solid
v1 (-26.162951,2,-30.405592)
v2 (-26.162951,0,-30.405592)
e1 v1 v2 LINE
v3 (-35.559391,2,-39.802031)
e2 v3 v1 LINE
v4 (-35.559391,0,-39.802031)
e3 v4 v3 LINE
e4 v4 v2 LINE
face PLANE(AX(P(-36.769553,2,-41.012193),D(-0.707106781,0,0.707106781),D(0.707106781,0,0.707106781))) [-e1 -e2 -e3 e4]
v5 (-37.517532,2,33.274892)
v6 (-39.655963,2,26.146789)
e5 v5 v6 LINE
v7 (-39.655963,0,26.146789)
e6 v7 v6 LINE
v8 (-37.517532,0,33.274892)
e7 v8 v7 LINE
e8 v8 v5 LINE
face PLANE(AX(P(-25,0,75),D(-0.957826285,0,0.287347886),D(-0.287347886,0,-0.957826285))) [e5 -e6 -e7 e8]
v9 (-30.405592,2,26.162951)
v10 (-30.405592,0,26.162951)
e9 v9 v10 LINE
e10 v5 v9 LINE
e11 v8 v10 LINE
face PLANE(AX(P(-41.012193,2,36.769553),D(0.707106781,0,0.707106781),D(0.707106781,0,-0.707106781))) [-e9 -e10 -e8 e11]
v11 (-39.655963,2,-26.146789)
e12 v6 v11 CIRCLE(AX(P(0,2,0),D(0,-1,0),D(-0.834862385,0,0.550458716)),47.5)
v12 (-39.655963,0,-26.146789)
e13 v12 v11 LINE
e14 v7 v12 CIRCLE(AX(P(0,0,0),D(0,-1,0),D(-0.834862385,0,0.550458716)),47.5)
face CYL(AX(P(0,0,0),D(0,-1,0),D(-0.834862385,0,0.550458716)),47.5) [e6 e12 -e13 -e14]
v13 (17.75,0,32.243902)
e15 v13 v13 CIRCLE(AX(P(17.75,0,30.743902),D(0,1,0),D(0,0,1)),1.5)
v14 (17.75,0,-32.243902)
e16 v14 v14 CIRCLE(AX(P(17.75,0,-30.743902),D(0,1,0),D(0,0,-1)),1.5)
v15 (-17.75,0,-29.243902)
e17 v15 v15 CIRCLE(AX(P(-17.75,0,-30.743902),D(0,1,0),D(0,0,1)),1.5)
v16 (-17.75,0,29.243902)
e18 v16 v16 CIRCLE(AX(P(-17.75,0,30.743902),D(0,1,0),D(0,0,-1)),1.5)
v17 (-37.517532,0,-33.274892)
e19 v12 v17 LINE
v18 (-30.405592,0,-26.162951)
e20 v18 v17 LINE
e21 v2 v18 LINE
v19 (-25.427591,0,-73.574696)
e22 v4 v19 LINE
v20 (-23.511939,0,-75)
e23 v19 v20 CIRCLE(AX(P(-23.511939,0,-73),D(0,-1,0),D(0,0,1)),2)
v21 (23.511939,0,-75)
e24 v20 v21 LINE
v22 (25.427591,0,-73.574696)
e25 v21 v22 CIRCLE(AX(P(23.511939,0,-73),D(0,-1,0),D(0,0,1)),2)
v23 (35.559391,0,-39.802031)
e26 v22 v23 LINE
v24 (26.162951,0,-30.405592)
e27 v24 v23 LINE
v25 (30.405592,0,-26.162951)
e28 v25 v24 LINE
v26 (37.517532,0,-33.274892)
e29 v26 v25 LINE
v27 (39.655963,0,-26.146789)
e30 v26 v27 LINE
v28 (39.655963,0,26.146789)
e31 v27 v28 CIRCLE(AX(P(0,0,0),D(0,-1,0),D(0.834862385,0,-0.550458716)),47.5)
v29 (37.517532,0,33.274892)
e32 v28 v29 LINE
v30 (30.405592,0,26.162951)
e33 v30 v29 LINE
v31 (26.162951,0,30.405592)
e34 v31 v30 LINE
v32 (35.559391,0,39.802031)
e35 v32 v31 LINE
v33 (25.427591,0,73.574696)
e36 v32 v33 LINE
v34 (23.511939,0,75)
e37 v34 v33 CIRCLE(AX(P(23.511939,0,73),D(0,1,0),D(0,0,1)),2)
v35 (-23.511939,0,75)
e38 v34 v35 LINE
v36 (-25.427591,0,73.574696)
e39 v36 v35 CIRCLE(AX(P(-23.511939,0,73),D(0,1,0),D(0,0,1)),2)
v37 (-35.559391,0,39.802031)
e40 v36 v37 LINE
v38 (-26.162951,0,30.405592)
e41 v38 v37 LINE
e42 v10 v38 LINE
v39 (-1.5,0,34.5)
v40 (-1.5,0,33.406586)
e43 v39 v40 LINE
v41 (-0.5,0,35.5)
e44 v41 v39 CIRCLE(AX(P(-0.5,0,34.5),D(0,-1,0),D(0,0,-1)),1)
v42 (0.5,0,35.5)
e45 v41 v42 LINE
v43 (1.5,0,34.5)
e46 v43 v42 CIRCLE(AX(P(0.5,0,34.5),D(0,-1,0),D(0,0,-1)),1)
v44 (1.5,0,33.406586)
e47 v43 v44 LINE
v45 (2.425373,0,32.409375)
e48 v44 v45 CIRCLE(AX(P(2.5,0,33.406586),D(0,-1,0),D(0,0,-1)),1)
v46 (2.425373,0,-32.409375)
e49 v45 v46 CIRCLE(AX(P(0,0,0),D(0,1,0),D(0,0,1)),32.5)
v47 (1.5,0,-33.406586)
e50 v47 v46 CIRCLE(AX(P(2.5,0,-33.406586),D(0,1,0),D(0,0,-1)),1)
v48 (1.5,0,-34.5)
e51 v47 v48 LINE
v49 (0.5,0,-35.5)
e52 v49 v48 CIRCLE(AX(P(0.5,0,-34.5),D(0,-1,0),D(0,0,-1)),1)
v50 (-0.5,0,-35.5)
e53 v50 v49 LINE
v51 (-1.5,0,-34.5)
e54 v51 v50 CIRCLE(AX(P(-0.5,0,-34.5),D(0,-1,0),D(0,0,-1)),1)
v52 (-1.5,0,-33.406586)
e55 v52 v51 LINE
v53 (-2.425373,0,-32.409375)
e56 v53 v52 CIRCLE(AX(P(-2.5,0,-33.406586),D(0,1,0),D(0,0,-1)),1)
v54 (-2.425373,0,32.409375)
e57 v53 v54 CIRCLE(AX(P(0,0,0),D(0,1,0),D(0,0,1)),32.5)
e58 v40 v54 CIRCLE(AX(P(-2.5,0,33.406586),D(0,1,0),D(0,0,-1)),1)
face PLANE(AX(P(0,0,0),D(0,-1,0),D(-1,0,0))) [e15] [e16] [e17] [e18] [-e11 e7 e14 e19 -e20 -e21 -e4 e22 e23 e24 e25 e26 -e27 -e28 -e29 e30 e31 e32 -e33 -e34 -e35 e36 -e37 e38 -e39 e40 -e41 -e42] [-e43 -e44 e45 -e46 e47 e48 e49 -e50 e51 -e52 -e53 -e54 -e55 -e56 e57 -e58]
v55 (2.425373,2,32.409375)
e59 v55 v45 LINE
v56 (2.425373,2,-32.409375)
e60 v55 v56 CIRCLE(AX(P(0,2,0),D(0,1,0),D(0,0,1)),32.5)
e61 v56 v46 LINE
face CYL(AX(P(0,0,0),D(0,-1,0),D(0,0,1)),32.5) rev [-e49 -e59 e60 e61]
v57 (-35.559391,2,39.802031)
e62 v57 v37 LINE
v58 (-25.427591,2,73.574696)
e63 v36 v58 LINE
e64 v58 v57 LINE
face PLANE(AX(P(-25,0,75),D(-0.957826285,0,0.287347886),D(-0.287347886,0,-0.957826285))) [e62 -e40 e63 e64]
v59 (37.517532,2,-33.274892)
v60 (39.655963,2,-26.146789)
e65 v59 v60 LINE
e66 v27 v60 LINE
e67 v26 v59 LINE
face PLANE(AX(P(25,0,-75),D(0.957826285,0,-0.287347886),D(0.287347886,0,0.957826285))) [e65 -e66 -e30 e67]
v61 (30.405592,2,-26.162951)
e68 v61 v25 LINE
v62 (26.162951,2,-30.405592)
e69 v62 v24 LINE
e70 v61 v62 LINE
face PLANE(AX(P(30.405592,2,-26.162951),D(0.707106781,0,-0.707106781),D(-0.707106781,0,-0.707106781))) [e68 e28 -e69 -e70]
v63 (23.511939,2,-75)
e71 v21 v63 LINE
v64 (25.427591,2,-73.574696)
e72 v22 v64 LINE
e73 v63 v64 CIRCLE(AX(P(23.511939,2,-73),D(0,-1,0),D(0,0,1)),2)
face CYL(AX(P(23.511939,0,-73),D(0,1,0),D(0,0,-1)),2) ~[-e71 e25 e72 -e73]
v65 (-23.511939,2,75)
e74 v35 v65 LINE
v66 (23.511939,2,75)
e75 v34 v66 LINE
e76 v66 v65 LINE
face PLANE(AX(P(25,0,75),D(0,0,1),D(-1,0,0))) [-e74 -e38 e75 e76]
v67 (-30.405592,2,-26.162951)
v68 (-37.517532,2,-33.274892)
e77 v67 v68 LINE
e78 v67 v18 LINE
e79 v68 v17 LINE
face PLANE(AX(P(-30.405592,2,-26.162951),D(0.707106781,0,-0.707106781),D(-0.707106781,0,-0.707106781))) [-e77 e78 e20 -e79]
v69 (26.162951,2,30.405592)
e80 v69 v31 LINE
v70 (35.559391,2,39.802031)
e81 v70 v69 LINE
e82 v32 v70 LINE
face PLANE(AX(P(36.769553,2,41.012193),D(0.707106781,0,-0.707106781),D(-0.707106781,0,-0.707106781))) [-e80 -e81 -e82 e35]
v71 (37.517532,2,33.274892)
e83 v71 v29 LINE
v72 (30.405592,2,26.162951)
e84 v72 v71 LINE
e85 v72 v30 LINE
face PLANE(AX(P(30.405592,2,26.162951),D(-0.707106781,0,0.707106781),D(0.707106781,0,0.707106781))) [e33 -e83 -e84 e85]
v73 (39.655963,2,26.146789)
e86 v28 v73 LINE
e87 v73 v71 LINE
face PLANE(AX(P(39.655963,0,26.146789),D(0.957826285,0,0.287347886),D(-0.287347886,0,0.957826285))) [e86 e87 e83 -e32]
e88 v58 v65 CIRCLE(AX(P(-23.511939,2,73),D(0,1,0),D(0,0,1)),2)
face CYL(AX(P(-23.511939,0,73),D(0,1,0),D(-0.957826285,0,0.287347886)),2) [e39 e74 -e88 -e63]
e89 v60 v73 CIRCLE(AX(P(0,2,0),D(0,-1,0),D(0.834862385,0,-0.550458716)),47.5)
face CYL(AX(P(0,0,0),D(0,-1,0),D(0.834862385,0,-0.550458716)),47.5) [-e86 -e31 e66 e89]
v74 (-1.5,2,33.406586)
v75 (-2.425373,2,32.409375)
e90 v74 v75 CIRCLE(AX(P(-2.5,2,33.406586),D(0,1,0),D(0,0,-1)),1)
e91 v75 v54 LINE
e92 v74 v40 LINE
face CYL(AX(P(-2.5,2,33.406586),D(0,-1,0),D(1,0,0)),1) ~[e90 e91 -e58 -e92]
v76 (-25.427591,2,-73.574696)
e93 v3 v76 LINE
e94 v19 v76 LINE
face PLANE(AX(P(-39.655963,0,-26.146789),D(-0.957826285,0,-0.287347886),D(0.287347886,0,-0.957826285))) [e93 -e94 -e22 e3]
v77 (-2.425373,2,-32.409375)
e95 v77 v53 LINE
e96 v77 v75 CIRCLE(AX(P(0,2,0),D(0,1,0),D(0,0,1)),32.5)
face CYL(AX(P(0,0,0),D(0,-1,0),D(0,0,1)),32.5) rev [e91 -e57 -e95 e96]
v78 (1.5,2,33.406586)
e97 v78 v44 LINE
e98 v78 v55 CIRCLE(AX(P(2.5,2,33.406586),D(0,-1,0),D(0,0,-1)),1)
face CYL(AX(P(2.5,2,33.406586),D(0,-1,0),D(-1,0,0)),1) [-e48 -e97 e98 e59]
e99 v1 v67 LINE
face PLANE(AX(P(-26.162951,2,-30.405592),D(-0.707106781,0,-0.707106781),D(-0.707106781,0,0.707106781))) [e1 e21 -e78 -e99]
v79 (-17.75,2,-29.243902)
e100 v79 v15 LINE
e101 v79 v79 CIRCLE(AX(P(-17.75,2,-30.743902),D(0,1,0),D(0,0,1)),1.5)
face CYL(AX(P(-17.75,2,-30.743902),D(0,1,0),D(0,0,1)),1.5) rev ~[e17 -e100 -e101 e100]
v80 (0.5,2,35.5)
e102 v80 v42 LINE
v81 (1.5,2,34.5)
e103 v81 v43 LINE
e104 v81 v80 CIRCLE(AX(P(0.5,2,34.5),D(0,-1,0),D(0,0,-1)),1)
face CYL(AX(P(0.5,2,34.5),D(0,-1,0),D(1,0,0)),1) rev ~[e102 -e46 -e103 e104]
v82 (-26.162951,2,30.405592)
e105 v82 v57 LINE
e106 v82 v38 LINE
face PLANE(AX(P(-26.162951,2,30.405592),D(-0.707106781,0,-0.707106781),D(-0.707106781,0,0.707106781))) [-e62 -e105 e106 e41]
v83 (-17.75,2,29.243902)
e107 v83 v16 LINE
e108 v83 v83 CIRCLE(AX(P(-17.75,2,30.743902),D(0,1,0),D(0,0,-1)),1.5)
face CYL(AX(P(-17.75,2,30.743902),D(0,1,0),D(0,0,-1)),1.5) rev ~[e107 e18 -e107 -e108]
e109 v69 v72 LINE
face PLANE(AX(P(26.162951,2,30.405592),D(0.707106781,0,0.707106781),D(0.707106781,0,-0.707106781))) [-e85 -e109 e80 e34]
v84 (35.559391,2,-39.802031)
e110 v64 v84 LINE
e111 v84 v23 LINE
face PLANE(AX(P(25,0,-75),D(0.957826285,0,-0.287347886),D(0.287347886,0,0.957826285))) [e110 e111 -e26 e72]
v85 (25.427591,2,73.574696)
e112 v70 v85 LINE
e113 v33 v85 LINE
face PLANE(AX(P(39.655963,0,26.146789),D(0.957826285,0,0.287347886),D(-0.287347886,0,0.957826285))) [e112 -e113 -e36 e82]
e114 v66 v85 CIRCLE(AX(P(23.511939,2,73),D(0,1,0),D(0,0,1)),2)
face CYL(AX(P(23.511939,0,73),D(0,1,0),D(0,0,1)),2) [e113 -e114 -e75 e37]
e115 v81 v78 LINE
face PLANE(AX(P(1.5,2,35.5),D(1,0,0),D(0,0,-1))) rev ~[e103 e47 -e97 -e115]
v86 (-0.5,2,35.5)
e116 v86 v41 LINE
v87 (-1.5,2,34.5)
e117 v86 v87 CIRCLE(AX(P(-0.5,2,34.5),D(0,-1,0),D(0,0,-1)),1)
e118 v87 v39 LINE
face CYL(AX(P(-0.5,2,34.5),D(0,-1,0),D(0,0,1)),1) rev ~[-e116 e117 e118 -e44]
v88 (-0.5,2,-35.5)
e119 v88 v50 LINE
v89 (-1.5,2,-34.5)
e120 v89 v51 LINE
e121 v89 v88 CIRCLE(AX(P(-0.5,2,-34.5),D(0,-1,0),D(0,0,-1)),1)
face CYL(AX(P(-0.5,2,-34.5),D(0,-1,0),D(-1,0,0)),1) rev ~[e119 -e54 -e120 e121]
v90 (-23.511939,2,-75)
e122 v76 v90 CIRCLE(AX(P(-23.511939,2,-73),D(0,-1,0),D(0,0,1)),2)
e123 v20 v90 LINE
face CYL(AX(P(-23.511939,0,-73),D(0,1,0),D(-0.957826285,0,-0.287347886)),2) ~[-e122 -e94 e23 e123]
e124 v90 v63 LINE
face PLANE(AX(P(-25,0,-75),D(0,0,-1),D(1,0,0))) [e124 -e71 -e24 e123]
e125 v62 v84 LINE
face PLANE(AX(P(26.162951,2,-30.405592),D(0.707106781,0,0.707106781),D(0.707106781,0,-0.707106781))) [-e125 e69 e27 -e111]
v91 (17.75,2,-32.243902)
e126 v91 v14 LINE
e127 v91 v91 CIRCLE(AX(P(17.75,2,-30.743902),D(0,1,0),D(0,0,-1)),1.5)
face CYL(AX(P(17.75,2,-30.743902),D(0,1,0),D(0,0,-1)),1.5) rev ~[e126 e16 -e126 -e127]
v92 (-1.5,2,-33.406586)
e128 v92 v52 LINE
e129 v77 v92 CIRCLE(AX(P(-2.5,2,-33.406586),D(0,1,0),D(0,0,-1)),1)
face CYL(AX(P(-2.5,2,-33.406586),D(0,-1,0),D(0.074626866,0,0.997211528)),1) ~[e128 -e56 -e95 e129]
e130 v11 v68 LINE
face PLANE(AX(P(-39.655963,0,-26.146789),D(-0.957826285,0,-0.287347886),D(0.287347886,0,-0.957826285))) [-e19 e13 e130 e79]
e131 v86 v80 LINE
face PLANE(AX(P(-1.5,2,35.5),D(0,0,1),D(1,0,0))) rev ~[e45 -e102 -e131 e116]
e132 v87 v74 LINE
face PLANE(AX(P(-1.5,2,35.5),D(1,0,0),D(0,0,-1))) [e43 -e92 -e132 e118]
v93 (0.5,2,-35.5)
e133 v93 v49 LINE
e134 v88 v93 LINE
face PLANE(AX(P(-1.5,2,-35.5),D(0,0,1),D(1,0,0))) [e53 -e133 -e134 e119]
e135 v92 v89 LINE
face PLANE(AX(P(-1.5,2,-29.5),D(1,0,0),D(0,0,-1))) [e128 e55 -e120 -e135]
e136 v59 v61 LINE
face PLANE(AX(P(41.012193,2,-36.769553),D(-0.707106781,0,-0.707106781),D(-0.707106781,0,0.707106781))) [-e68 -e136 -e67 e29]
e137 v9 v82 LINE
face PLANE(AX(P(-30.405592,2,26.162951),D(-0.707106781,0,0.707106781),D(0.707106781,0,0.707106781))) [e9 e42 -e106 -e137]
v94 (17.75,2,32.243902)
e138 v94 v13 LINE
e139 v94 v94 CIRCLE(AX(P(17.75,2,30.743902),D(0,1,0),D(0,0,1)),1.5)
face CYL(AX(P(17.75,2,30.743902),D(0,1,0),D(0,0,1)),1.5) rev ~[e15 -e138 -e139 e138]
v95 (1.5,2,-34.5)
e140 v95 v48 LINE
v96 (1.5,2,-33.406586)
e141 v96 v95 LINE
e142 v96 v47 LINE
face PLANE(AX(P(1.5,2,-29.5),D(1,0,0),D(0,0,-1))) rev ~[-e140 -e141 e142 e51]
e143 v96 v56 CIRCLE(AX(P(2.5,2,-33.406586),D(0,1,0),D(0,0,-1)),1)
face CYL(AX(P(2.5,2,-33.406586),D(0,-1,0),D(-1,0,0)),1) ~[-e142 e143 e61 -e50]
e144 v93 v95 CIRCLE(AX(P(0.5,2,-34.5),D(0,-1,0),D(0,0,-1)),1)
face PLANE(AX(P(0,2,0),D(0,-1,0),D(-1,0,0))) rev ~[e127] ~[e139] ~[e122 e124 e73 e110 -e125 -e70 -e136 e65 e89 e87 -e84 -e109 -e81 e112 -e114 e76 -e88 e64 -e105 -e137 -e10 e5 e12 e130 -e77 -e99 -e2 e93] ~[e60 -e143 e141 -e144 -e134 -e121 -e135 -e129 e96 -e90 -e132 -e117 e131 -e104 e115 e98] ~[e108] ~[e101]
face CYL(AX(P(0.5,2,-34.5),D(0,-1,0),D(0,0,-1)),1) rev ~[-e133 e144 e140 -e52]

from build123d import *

# Parameters (mm, degrees)
SKETCH1_R           = 32.5
BOSS_EXTRUDE1_DEPTH = 2
CUT_EXTRUDE1_DEPTH  = 2
SKETCH3_W           = 3
SKETCH3_H           = 6
CUT_EXTRUDE2_DEPTH  = 2
FILLET1_R           = 1
FILLET2_R           = 2
SKETCH4_R           = 1.5
CUT_EXTRUDE3_DEPTH  = 2


with BuildPart() as part:
    # Sketch1 → Boss-Extrude1 (new body)
    with BuildSketch(Plane(origin=(0, 0, 0), x_dir=(1, 0, 0), z_dir=(0, 1, 0))):
        with BuildLine():
            Line((-39.655963303, 26.146788991), (-25, 75))
            Line((-25, 75), (25, 75))
            Line((25, 75), (39.655963303, 26.146788991))
            ThreePointArc((39.655963303, 26.146788991), (47.5, 0), (39.655963303, -26.146788991))
            Line((39.655963303, -26.146788991), (25, -75))
            Line((25, -75), (-25, -75))
            Line((-25, -75), (-39.655963303, -26.146788991))
            ThreePointArc((-39.655963303, -26.146788991), (-47.5, 0), (-39.655963303, 26.146788991))
        make_face()
        with Locations(Location((0, 0, 0), (0, 0, 270))):
            Circle(SKETCH1_R, mode=Mode.SUBTRACT)
    extrude(amount=BOSS_EXTRUDE1_DEPTH)

    # Sketch2 → Cut-Extrude1 (cut)
    with BuildSketch(Plane(origin=(0, 2, 0), x_dir=(1, 0, 0), z_dir=(0, 1, 0))):
        Polygon((41.012193309, 36.769552622), (30.405591591, 26.162950904), (26.162950904, 30.405591591), (36.769552622, 41.012193309), align=None)
        Polygon((-41.012193309, 36.769552622), (-36.769552622, 41.012193309), (-26.162950904, 30.405591591), (-30.405591591, 26.162950904), align=None)
        Polygon((36.769552622, -41.012193309), (26.162950904, -30.405591591), (30.405591591, -26.162950904), (41.012193309, -36.769552622), align=None)
        Polygon((-41.012193309, -36.769552622), (-30.405591591, -26.162950904), (-26.162950904, -30.405591591), (-36.769552622, -41.012193309), align=None)
    extrude(amount=-CUT_EXTRUDE1_DEPTH, mode=Mode.SUBTRACT)

    # Sketch3 → Cut-Extrude2 (cut)
    with BuildSketch(Plane(origin=(0, 2, 0), x_dir=(1, 0, 0), z_dir=(0, 1, 0))):
        with Locations((0, 32.5)):
            Rectangle(SKETCH3_W, SKETCH3_H)
        with Locations((0, -32.5)):
            Rectangle(SKETCH3_W, SKETCH3_H)
    extrude(amount=-CUT_EXTRUDE2_DEPTH, mode=Mode.SUBTRACT)

    # Fillet1
    fillet1_edges = [part.edges().sort_by_distance(p)[0] for p in [
        (-1.5, 1, -32.465366161),
        (1.5, 1, -32.465366161),
        (1.5, 1, -35.5),
        (-1.5, 1, -35.5),
        (1.5, 1, 32.465366161),
        (-1.5, 1, 32.465366161),
        (-1.5, 1, 35.5),
        (1.5, 1, 35.5),
    ]]
    fillet(fillet1_edges, radius=FILLET1_R)

    # Fillet2
    fillet2_edges = [part.edges().sort_by_distance(p)[0] for p in [
        (25, 1, 75),
        (-25, 1, 75),
        (-25, 1, -75),
        (25, 1, -75),
    ]]
    fillet(fillet2_edges, radius=FILLET2_R)

    # Sketch4 → Cut-Extrude3 (cut)
    with BuildSketch(Plane(origin=(0, 2, 0), x_dir=(1, 0, 0), z_dir=(0, 1, 0))):
        with Locations(Location((-17.75, 30.743901834, 0), (0, 0, 270))):
            Circle(SKETCH4_R)
        with Locations(Location((17.75, 30.743901834, 0), (0, 0, 90))):
            Circle(SKETCH4_R)
        with Locations(Location((17.75, -30.743901834, 0), (0, 0, 270))):
            Circle(SKETCH4_R)
        with Locations(Location((-17.75, -30.743901834, 0), (0, 0, 90))):
            Circle(SKETCH4_R)
    extrude(amount=-CUT_EXTRUDE3_DEPTH, mode=Mode.SUBTRACT)


solid = part.part
